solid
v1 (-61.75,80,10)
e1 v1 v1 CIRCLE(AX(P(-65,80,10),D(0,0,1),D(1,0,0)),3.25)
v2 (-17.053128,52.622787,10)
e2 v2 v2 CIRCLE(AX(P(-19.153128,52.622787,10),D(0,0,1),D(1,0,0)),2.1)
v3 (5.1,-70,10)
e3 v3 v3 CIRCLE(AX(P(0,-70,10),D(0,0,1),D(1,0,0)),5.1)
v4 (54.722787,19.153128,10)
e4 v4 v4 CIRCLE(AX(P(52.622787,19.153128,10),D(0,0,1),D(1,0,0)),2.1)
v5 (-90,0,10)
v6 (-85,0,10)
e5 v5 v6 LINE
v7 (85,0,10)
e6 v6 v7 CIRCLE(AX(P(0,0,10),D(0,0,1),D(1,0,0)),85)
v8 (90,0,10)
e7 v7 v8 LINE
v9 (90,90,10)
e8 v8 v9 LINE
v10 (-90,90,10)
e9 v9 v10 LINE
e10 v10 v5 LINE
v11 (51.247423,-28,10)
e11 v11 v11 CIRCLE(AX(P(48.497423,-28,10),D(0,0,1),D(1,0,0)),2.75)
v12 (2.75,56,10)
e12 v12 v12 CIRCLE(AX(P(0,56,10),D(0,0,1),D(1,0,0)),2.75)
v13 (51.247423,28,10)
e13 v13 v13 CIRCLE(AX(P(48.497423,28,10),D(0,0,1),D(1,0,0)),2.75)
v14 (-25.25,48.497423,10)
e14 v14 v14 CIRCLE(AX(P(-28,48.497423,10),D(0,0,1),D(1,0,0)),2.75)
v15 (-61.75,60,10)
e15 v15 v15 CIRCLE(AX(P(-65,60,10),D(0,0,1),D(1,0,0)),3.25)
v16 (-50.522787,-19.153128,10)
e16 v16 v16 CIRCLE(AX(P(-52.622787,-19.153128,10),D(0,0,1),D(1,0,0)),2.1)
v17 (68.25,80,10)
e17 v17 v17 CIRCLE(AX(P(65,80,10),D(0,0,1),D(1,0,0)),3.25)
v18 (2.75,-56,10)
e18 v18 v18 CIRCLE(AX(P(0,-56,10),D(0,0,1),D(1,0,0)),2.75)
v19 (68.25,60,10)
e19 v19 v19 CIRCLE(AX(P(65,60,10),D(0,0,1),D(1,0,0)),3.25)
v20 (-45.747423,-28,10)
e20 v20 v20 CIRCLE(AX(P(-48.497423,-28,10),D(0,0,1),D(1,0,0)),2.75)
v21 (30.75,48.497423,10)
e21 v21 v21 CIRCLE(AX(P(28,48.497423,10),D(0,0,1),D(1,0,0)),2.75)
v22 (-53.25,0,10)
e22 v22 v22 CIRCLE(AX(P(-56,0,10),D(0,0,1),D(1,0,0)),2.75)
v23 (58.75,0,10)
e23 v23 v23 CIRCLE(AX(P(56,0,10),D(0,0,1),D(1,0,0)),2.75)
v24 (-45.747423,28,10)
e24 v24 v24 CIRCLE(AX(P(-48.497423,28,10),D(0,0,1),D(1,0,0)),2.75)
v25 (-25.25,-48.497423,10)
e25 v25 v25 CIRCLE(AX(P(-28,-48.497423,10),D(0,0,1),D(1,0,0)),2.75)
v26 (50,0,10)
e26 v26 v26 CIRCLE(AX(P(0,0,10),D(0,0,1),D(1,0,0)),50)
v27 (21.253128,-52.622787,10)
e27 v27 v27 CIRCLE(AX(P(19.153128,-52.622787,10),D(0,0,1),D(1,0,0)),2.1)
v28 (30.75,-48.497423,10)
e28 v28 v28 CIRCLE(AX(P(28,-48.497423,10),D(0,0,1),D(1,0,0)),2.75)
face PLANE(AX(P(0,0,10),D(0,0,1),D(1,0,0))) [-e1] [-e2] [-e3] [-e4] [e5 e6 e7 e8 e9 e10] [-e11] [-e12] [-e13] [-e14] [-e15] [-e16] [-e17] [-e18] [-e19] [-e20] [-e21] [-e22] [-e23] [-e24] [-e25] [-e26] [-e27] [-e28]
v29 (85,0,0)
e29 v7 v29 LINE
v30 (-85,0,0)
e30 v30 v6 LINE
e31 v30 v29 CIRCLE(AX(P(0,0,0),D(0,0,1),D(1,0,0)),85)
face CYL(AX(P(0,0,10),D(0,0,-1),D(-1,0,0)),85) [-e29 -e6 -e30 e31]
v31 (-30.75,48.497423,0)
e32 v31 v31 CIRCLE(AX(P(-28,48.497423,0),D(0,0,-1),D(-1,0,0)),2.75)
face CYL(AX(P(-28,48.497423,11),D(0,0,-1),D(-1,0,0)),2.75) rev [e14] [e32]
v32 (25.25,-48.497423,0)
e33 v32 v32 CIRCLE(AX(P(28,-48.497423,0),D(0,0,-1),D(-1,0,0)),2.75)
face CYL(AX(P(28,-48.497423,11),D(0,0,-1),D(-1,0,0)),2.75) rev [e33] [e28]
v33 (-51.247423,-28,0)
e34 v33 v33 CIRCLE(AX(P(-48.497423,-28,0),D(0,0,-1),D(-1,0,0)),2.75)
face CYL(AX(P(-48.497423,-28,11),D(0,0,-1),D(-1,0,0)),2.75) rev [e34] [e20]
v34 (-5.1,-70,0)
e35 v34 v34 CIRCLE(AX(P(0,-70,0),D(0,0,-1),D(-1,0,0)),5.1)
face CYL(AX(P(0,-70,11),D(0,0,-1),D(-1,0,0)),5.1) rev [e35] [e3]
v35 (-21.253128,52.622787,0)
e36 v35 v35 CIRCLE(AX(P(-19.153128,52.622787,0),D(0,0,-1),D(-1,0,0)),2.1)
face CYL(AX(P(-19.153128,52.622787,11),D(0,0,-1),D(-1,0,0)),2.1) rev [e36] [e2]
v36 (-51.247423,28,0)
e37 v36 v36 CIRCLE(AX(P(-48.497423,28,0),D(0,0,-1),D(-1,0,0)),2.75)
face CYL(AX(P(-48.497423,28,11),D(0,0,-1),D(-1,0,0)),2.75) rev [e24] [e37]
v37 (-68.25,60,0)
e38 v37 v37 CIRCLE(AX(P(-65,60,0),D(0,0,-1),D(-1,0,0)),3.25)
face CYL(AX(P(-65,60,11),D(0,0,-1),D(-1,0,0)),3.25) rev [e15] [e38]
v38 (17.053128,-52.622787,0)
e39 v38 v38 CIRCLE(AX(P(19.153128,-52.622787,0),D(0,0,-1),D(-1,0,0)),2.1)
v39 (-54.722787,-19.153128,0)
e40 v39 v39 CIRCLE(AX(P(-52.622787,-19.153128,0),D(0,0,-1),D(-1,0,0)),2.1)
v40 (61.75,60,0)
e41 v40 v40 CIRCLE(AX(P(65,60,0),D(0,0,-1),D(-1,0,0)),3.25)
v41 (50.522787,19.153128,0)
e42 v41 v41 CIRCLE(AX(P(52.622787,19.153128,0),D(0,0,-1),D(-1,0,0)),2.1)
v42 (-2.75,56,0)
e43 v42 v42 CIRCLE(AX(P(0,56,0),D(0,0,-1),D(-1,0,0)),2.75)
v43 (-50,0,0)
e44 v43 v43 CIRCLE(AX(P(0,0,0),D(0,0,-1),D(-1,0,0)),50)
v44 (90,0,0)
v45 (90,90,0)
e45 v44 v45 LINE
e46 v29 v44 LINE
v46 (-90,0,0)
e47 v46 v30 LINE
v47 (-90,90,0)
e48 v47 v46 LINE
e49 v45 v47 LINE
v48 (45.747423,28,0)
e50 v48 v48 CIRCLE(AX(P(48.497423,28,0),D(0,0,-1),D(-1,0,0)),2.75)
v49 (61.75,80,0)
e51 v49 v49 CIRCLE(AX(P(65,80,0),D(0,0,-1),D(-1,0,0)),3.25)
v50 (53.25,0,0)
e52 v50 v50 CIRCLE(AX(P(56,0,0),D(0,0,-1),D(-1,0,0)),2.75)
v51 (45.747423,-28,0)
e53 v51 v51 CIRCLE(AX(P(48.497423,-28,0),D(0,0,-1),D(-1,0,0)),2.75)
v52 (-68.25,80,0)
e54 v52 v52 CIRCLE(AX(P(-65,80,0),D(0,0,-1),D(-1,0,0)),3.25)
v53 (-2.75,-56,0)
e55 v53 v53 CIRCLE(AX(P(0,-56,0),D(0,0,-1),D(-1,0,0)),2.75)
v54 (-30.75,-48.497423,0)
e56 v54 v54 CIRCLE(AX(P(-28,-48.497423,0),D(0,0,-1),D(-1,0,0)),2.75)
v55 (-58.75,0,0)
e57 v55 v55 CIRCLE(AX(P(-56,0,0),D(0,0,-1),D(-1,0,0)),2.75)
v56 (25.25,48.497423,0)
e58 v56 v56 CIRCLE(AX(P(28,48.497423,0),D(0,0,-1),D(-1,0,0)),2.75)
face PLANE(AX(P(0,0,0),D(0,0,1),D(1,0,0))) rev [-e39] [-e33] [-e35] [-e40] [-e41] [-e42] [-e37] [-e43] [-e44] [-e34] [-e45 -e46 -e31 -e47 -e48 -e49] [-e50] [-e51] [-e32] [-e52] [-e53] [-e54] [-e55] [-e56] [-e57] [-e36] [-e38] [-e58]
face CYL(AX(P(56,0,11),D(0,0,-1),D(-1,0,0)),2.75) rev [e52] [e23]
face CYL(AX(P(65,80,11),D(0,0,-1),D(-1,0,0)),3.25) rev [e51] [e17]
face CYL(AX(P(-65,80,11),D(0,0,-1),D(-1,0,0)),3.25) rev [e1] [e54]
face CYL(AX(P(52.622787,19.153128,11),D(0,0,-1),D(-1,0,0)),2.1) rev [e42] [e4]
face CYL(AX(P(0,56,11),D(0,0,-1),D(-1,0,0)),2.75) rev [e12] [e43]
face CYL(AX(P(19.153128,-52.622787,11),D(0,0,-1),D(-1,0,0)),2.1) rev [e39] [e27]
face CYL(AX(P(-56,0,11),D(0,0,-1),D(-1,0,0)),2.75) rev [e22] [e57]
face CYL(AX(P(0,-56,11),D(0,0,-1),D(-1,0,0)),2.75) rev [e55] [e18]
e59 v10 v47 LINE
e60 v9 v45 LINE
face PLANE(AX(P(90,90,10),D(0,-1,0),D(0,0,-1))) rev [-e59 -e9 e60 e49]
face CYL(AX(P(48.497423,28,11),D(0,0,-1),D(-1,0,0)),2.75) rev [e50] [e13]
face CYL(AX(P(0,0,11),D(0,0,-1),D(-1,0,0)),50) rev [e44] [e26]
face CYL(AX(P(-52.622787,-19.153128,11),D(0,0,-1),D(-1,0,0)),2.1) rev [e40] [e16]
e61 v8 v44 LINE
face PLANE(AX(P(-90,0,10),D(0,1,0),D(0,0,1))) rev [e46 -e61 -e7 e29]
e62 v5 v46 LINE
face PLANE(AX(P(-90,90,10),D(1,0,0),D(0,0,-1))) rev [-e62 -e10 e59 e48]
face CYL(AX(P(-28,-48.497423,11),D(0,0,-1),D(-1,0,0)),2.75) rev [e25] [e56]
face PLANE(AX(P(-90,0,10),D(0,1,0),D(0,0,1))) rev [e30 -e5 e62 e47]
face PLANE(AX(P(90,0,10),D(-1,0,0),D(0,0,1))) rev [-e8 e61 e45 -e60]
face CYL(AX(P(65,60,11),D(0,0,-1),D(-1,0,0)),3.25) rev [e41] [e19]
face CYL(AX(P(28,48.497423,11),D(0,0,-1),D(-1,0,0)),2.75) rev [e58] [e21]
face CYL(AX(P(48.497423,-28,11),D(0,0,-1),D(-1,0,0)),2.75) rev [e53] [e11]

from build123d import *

# Parameters (mm, degrees)
SKETCH_1_R          = 85
EXTRUDE_1_DEPTH     = 10
SKETCH_2_W          = 180
SKETCH_2_H          = 90
EXTRUDE_2_DEPTH     = 10
SKETCH_3_R          = 50
SKETCH_3_R_2        = 2.75
SKETCH_3_R_3        = 2.1
SKETCH_3_R_4        = 5.1
SKETCH_3_R_5        = 3.25
CUT_EXTRUDE_1_DEPTH = 11


with BuildPart() as part:
    # 草图1 → 凸台-拉伸1 (new body)
    with BuildSketch(Plane.XY):
        Circle(SKETCH_1_R)
    extrude(amount=EXTRUDE_1_DEPTH)

    # 草图2 → 凸台-拉伸2 (add)
    with BuildSketch(Plane.XY):
        with Locations((0, 45)):
            Rectangle(SKETCH_2_W, SKETCH_2_H)
    extrude(amount=EXTRUDE_2_DEPTH)

    # 草图3 → 切除-拉伸1 (cut)
    with BuildSketch(Plane(origin=(0, 0, 0), x_dir=(-1, 0, 0), z_dir=(0, 0, -1))):
        Circle(SKETCH_3_R)
        with Locations((-56, 0)):
            Circle(SKETCH_3_R_2)
        with Locations((-48.497422612, 28)):
            Circle(SKETCH_3_R_2)
        with Locations((-28, 48.497422612)):
            Circle(SKETCH_3_R_2)
        with Locations((0, 56)):
            Circle(SKETCH_3_R_2)
        with Locations((28, 48.497422612)):
            Circle(SKETCH_3_R_2)
        with Locations((48.497422612, 28)):
            Circle(SKETCH_3_R_2)
        with Locations((56, 0)):
            Circle(SKETCH_3_R_2)
        with Locations((48.497422612, -28)):
            Circle(SKETCH_3_R_2)
        with Locations((28, -48.497422612)):
            Circle(SKETCH_3_R_2)
        with Locations((0, -56)):
            Circle(SKETCH_3_R_2)
        with Locations((-28, -48.497422612)):
            Circle(SKETCH_3_R_2)
        with Locations((-48.497422612, -28)):
            Circle(SKETCH_3_R_2)
        with Locations((-52.622786764, 19.153128026)):
            Circle(SKETCH_3_R_3)
        with Locations((19.153128026, 52.622786764)):
            Circle(SKETCH_3_R_3)
        with Locations((52.622786764, -19.153128026)):
            Circle(SKETCH_3_R_3)
        with Locations((-19.153128026, -52.622786764)):
            Circle(SKETCH_3_R_3)
        with Locations((0, -70)):
            Circle(SKETCH_3_R_4)
        with Locations((65, 60)):
            Circle(SKETCH_3_R_5)
        with Locations((65, 80)):
            Circle(SKETCH_3_R_5)
        with Locations((-65, 60)):
            Circle(SKETCH_3_R_5)
        with Locations((-65, 80)):
            Circle(SKETCH_3_R_5)
    extrude(amount=-CUT_EXTRUDE_1_DEPTH, mode=Mode.SUBTRACT)


solid = part.part
